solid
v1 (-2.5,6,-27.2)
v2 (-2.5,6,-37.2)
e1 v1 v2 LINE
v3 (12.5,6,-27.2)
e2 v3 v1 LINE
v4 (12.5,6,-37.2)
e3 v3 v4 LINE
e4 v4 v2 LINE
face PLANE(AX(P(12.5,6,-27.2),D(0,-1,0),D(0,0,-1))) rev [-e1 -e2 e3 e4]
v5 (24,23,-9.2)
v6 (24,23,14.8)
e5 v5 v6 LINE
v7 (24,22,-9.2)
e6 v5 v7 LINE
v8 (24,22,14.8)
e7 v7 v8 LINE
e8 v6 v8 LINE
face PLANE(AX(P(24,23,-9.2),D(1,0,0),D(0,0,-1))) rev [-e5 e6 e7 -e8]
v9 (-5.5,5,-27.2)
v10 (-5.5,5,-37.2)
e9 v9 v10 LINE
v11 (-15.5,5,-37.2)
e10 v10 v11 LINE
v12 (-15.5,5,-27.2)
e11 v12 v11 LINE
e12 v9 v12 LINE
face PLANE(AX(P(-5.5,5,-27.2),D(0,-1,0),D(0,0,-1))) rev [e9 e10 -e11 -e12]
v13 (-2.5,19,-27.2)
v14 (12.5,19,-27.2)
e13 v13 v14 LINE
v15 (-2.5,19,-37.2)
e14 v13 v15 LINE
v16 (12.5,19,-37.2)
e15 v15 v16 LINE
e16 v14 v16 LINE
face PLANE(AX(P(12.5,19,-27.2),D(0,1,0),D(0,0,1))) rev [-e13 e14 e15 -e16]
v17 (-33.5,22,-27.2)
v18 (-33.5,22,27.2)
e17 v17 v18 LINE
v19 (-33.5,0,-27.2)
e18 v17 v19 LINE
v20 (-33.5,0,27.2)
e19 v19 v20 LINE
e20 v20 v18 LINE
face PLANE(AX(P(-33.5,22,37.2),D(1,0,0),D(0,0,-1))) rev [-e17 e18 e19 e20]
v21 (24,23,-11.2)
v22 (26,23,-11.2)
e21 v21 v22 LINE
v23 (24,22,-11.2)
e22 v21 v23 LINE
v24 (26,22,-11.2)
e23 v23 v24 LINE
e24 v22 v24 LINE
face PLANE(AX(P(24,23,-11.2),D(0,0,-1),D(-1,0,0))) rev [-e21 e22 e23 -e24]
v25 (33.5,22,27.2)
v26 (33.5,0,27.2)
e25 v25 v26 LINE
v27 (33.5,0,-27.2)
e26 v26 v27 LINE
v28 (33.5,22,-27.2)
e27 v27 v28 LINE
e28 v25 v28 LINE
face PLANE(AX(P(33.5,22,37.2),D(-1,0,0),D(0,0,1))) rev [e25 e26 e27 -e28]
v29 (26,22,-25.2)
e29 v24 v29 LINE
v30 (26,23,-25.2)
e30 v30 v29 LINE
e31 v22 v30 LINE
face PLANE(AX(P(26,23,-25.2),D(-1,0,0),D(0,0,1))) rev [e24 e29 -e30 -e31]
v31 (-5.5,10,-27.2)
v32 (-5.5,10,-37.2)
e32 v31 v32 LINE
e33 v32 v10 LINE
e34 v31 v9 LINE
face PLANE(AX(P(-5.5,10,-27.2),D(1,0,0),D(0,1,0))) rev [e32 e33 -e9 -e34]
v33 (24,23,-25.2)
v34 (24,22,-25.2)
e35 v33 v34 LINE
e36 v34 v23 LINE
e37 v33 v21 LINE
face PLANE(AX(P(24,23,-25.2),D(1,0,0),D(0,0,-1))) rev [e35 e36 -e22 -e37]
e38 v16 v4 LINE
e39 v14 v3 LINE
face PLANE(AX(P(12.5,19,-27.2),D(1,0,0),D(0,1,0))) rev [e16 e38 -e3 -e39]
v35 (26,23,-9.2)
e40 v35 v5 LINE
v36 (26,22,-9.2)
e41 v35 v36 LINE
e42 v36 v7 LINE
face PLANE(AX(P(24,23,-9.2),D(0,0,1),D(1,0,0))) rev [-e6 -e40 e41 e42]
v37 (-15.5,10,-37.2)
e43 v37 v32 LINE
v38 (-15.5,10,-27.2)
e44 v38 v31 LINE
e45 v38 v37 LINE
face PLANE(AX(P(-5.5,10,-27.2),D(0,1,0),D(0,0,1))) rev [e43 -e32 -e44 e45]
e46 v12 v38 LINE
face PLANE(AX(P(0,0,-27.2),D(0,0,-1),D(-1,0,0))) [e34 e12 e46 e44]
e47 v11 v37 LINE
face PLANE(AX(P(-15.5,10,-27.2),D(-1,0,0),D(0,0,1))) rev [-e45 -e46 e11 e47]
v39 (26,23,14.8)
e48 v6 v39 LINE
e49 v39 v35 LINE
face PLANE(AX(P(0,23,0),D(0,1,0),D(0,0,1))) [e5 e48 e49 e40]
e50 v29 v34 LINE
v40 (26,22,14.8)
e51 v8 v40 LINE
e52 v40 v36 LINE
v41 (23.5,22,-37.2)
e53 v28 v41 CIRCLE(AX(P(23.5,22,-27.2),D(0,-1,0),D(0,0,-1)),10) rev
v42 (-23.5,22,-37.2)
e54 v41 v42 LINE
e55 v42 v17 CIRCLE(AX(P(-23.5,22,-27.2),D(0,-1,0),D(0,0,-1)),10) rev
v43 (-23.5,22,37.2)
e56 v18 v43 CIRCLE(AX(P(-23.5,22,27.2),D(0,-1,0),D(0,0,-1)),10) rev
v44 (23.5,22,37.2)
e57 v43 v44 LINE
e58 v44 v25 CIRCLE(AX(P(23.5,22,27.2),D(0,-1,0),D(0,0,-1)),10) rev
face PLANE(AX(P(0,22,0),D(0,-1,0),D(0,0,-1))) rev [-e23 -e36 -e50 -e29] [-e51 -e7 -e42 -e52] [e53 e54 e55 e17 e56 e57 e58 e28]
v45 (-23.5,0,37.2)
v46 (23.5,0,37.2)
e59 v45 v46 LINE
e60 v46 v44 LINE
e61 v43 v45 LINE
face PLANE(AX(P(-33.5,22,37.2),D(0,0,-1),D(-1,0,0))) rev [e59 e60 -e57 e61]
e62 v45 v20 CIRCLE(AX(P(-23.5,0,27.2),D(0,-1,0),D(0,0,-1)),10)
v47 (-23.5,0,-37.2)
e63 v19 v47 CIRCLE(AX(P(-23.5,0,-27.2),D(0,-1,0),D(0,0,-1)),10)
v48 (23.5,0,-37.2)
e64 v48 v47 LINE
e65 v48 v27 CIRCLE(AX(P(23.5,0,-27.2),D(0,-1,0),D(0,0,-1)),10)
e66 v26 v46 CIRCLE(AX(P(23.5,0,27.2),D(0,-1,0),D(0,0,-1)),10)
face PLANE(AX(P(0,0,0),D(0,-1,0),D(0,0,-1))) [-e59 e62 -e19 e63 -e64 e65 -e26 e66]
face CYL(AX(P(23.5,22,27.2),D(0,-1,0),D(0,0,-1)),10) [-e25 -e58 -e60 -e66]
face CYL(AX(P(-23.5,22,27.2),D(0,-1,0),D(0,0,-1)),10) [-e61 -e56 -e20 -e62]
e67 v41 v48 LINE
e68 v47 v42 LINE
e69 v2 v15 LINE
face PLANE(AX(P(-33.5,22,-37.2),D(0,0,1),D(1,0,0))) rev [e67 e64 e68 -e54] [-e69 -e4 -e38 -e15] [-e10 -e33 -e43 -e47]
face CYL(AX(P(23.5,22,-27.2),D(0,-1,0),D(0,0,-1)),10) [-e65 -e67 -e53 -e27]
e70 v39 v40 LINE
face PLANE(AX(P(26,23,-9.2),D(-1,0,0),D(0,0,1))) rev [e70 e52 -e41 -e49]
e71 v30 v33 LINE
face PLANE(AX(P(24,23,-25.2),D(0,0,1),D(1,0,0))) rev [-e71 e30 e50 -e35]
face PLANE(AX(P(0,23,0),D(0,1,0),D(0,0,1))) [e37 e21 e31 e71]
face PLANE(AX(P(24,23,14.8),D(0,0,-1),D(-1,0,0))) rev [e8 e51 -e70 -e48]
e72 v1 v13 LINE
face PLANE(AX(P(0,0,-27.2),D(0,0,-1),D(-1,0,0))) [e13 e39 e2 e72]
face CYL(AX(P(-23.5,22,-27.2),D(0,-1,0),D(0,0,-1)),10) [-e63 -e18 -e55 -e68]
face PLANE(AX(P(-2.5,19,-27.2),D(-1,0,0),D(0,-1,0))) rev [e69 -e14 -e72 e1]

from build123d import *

# Parameters (mm, degrees)
SKETCH1_W           = 67
SKETCH1_H           = 74.4
BOSS_EXTRUDE1_DEPTH = 22
FILLET1_R           = 10
SKETCH2_W           = 15
SKETCH2_H           = 13
SKETCH2_W_2         = 10
SKETCH2_H_2         = 5
CUT_EXTRUDE1_DEPTH  = 10
SKETCH3_W           = 2
SKETCH3_H           = 14
SKETCH3_H_2         = 24
BOSS_EXTRUDE2_DEPTH = 1


with BuildPart() as part:
    # Sketch1 → Boss-Extrude1 (new body)
    with BuildSketch(Plane(origin=(0, 0, 0), x_dir=(1, 0, 0), z_dir=(0, 1, 0))):
        Rectangle(SKETCH1_W, SKETCH1_H)
    extrude(amount=BOSS_EXTRUDE1_DEPTH)

    # Fillet1
    fillet1_edges = [part.edges().sort_by_distance(p)[0] for p in [
        (33.5, 11, 37.2),
        (-33.5, 11, 37.2),
        (-33.5, 11, -37.2),
        (33.5, 11, -37.2),
    ]]
    fillet(fillet1_edges, radius=FILLET1_R)

    # Sketch2 → Cut-Extrude1 (cut)
    with BuildSketch(Plane(origin=(0, 0, -37.2), x_dir=(-1, 0, 0), z_dir=(0, 0, -1))):
        with Locations((-5, 12.5)):
            Rectangle(SKETCH2_W, SKETCH2_H)
        with Locations((10.5, 7.5)):
            Rectangle(SKETCH2_W_2, SKETCH2_H_2)
    extrude(amount=-CUT_EXTRUDE1_DEPTH, mode=Mode.SUBTRACT)

    # Sketch3 → Boss-Extrude2 (add)
    with BuildSketch(Plane(origin=(0, 22, 0), x_dir=(1, 0, 0), z_dir=(0, 1, 0))):
        with Locations((25, 18.2)):
            Rectangle(SKETCH3_W, SKETCH3_H)
        with Locations((25, -2.8)):
            Rectangle(SKETCH3_W, SKETCH3_H_2)
    extrude(amount=BOSS_EXTRUDE2_DEPTH)


solid = part.part
